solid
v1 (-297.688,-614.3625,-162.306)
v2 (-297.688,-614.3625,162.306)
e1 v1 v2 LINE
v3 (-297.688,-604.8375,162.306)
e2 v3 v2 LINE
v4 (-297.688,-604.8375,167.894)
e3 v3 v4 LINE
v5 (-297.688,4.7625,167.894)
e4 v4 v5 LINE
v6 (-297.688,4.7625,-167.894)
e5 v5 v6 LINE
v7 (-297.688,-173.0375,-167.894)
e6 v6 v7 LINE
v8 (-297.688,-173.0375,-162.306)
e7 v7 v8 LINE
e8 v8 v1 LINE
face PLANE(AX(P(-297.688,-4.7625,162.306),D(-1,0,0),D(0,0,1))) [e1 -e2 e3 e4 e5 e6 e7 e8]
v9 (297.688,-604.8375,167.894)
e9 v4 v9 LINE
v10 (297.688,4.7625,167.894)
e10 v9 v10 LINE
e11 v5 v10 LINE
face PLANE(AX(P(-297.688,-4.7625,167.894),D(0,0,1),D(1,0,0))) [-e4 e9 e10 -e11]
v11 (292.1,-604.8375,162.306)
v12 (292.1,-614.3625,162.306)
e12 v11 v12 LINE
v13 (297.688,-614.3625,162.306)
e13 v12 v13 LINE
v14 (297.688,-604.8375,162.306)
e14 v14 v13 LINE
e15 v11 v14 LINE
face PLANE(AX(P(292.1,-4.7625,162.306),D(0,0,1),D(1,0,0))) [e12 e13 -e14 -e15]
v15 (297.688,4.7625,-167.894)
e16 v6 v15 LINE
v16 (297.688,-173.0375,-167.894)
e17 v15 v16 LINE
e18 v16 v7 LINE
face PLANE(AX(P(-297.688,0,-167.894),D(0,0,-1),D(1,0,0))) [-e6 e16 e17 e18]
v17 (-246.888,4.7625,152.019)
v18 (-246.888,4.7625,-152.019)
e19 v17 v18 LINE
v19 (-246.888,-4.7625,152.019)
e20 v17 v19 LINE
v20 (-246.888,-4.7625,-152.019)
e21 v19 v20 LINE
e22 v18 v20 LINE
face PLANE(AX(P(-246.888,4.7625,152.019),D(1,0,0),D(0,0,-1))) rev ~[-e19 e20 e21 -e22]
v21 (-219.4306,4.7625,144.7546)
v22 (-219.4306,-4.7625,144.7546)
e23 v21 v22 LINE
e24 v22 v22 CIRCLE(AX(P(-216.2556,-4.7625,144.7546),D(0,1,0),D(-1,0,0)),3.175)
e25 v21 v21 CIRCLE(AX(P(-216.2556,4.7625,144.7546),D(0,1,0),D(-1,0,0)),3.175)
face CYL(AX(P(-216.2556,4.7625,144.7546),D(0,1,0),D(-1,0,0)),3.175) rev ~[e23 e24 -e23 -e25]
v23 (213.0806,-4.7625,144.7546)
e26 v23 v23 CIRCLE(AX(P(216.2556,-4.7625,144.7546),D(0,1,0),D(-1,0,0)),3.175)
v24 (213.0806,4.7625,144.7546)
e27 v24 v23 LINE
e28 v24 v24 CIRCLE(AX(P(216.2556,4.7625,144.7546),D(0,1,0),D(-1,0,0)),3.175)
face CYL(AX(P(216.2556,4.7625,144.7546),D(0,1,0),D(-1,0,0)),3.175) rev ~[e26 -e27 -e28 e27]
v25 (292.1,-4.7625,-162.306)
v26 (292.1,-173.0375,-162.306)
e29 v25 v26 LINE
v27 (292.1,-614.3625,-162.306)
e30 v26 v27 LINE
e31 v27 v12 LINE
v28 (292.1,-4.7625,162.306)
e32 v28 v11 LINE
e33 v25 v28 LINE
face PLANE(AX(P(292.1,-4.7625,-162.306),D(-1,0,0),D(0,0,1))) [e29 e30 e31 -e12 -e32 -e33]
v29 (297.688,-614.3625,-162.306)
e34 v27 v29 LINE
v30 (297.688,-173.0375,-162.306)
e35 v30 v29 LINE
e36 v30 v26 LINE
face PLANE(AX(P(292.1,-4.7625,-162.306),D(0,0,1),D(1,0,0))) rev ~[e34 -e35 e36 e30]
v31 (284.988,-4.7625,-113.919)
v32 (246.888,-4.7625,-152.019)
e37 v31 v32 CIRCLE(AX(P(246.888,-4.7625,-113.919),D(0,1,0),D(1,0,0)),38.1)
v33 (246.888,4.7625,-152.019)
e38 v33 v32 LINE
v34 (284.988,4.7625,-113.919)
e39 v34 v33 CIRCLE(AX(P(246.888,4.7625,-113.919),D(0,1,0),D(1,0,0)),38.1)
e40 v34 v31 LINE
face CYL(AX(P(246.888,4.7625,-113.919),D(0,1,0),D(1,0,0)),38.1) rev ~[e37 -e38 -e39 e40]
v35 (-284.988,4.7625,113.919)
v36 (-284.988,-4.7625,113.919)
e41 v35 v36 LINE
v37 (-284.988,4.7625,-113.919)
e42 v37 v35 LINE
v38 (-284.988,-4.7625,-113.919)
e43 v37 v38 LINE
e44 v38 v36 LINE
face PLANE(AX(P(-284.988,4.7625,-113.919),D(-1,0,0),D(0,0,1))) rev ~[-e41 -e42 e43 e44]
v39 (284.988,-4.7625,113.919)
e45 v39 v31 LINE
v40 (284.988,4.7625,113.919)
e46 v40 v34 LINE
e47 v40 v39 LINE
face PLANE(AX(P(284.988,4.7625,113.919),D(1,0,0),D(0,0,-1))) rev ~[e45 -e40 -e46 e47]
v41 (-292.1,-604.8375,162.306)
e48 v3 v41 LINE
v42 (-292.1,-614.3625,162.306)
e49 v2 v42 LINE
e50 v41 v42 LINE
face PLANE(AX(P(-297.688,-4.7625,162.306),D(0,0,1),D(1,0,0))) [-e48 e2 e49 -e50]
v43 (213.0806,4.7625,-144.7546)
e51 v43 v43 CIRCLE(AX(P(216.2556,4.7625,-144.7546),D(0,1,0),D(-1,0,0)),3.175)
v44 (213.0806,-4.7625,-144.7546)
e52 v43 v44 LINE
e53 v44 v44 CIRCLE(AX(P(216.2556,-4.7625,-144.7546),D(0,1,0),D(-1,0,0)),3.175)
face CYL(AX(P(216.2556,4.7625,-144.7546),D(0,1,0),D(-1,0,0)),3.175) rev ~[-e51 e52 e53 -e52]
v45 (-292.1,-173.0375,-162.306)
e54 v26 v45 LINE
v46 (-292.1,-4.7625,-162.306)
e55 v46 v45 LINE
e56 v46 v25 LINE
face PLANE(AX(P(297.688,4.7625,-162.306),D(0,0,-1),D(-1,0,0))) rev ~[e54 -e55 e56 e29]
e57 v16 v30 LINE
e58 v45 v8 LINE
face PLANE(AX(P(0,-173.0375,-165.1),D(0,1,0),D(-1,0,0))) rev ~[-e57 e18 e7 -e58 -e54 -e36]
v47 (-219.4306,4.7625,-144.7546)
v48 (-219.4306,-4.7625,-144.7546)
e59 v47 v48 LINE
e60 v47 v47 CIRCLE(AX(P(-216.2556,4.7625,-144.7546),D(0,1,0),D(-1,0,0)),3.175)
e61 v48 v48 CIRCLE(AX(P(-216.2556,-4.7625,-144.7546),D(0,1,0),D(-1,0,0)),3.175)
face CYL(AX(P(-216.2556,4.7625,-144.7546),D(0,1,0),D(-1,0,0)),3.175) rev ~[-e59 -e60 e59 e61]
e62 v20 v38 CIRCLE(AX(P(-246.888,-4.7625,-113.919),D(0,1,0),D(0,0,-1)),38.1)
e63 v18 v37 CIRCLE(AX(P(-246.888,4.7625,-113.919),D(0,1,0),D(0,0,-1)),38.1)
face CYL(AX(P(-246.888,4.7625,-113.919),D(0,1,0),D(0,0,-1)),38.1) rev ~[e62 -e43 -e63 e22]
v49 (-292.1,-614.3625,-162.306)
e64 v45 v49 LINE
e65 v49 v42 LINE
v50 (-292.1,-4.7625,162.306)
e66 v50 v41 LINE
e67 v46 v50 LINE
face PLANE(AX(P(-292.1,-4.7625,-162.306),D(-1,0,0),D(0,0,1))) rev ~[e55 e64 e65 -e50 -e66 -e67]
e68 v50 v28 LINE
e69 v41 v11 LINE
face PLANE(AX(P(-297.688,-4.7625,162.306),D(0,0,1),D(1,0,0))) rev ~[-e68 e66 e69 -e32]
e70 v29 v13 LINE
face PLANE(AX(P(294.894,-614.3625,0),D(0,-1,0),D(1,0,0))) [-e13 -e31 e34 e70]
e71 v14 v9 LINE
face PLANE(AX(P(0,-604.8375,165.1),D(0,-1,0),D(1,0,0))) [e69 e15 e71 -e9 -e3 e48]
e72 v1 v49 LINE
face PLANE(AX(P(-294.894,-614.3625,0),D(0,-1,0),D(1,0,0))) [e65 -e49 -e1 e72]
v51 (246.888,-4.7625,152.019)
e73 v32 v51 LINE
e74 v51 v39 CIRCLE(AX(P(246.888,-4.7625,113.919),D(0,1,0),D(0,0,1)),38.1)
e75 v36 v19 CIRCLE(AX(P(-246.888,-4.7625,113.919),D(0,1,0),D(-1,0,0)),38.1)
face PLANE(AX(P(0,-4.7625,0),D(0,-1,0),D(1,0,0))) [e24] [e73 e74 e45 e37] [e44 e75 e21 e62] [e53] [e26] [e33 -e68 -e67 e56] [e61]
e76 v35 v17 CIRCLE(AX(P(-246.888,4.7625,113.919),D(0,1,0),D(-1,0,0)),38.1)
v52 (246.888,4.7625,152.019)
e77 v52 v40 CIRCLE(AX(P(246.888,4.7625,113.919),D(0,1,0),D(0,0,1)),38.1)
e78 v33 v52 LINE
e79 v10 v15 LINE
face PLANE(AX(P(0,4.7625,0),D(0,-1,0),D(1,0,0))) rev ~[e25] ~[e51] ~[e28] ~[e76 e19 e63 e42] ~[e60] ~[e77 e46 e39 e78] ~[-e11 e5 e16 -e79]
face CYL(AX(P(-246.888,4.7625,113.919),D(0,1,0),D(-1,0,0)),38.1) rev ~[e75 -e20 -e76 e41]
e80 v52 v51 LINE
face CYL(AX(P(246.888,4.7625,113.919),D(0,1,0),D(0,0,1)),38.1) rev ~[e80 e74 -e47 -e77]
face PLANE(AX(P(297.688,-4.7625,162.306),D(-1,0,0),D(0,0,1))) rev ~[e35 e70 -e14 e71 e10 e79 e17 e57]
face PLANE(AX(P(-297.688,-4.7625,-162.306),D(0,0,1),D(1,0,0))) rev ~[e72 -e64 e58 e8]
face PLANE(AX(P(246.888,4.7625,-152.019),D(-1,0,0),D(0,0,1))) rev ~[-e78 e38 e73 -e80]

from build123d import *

# Parameters (mm, degrees)
F0_W      = 595.376
F0_H      = 335.788
F1_DEPTH  = 4.7625
F2_W      = 5.588
F2_H      = 324.612
F3_DEPTH  = 609.6
F4_W      = 595.376
F4_H      = 5.588
F6_DEPTH  = 600.075
F7_W      = 595.376
F7_H      = 5.588
F8_DEPTH  = 177.8
F10_DEPTH = 9.525
F11_R     = 3.175
F12_DEPTH = 9.525


with BuildPart() as f1:
    # F0 (on Front) → F1 (new body, symmetric)
    with BuildSketch(Plane.XZ):
        Rectangle(F0_W, F0_H)
    extrude(amount=F1_DEPTH, both=True)

    # F2 (on face) → F3 (join)
    with BuildSketch(Plane.XZ.offset(4.7625)):
        with Locations((-294.894, 0)):
            Rectangle(F2_W, F2_H)
        with Locations((294.894, 0)):
            Rectangle(F2_W, F2_H)
    extrude(amount=F3_DEPTH)

    # F4 (on face) → F6 (join, through all)
    with BuildSketch(Plane.XZ.offset(4.7625)):
        with Locations((0, 165.1)):
            Rectangle(F4_W, F4_H)
    extrude(amount=F6_DEPTH)

    # F7 (on face) → F8 (join)
    with BuildSketch(Plane(origin=(0, 4.7625, 0), x_dir=(-1, 0, 0), z_dir=(0, 1, 0))):
        with Locations((0, -165.1)):
            Rectangle(F7_W, F7_H)
    extrude(amount=-F8_DEPTH)

    # F9 (on face) → F10 (cut, through all)
    with BuildSketch(Plane(origin=(0, 4.7625, 0), x_dir=(-1, 0, 0), z_dir=(0, 1, 0))):
        with BuildLine():
            ThreePointArc((-246.888, 152.019), (-273.8287683632, 140.8597683632), (-284.988, 113.919))
            Line((-284.988, 113.919), (-284.988, -113.919))
            ThreePointArc((-284.988, -113.919), (-273.8287683632, -140.8597683632), (-246.888, -152.019))
            Line((-246.888, -152.019), (-246.888, 152.019))
        make_face()
        with BuildLine():
            Line((284.988, -113.919), (284.988, 113.919))
            ThreePointArc((284.988, 113.919), (273.8287683632, 140.8597683632), (246.888, 152.019))
            Line((246.888, 152.019), (246.888, -152.019))
            ThreePointArc((246.888, -152.019), (273.8287683632, -140.8597683632), (284.988, -113.919))
        make_face()
    extrude(amount=-F10_DEPTH, mode=Mode.SUBTRACT)

    # F11 (on face) → F12 (cut, through all)
    with BuildSketch(Plane(origin=(0, 4.7625, 0), x_dir=(-1, 0, 0), z_dir=(0, 1, 0))):
        with Locations((-216.2556, 144.7546)):
            Circle(F11_R)
        with Locations((-216.2556, -144.7546)):
            Circle(F11_R)
        with Locations((216.2556, 144.7546)):
            Circle(F11_R)
        with Locations((216.2556, -144.7546)):
            Circle(F11_R)
    extrude(amount=-F12_DEPTH, mode=Mode.SUBTRACT)


solid = f1.part
